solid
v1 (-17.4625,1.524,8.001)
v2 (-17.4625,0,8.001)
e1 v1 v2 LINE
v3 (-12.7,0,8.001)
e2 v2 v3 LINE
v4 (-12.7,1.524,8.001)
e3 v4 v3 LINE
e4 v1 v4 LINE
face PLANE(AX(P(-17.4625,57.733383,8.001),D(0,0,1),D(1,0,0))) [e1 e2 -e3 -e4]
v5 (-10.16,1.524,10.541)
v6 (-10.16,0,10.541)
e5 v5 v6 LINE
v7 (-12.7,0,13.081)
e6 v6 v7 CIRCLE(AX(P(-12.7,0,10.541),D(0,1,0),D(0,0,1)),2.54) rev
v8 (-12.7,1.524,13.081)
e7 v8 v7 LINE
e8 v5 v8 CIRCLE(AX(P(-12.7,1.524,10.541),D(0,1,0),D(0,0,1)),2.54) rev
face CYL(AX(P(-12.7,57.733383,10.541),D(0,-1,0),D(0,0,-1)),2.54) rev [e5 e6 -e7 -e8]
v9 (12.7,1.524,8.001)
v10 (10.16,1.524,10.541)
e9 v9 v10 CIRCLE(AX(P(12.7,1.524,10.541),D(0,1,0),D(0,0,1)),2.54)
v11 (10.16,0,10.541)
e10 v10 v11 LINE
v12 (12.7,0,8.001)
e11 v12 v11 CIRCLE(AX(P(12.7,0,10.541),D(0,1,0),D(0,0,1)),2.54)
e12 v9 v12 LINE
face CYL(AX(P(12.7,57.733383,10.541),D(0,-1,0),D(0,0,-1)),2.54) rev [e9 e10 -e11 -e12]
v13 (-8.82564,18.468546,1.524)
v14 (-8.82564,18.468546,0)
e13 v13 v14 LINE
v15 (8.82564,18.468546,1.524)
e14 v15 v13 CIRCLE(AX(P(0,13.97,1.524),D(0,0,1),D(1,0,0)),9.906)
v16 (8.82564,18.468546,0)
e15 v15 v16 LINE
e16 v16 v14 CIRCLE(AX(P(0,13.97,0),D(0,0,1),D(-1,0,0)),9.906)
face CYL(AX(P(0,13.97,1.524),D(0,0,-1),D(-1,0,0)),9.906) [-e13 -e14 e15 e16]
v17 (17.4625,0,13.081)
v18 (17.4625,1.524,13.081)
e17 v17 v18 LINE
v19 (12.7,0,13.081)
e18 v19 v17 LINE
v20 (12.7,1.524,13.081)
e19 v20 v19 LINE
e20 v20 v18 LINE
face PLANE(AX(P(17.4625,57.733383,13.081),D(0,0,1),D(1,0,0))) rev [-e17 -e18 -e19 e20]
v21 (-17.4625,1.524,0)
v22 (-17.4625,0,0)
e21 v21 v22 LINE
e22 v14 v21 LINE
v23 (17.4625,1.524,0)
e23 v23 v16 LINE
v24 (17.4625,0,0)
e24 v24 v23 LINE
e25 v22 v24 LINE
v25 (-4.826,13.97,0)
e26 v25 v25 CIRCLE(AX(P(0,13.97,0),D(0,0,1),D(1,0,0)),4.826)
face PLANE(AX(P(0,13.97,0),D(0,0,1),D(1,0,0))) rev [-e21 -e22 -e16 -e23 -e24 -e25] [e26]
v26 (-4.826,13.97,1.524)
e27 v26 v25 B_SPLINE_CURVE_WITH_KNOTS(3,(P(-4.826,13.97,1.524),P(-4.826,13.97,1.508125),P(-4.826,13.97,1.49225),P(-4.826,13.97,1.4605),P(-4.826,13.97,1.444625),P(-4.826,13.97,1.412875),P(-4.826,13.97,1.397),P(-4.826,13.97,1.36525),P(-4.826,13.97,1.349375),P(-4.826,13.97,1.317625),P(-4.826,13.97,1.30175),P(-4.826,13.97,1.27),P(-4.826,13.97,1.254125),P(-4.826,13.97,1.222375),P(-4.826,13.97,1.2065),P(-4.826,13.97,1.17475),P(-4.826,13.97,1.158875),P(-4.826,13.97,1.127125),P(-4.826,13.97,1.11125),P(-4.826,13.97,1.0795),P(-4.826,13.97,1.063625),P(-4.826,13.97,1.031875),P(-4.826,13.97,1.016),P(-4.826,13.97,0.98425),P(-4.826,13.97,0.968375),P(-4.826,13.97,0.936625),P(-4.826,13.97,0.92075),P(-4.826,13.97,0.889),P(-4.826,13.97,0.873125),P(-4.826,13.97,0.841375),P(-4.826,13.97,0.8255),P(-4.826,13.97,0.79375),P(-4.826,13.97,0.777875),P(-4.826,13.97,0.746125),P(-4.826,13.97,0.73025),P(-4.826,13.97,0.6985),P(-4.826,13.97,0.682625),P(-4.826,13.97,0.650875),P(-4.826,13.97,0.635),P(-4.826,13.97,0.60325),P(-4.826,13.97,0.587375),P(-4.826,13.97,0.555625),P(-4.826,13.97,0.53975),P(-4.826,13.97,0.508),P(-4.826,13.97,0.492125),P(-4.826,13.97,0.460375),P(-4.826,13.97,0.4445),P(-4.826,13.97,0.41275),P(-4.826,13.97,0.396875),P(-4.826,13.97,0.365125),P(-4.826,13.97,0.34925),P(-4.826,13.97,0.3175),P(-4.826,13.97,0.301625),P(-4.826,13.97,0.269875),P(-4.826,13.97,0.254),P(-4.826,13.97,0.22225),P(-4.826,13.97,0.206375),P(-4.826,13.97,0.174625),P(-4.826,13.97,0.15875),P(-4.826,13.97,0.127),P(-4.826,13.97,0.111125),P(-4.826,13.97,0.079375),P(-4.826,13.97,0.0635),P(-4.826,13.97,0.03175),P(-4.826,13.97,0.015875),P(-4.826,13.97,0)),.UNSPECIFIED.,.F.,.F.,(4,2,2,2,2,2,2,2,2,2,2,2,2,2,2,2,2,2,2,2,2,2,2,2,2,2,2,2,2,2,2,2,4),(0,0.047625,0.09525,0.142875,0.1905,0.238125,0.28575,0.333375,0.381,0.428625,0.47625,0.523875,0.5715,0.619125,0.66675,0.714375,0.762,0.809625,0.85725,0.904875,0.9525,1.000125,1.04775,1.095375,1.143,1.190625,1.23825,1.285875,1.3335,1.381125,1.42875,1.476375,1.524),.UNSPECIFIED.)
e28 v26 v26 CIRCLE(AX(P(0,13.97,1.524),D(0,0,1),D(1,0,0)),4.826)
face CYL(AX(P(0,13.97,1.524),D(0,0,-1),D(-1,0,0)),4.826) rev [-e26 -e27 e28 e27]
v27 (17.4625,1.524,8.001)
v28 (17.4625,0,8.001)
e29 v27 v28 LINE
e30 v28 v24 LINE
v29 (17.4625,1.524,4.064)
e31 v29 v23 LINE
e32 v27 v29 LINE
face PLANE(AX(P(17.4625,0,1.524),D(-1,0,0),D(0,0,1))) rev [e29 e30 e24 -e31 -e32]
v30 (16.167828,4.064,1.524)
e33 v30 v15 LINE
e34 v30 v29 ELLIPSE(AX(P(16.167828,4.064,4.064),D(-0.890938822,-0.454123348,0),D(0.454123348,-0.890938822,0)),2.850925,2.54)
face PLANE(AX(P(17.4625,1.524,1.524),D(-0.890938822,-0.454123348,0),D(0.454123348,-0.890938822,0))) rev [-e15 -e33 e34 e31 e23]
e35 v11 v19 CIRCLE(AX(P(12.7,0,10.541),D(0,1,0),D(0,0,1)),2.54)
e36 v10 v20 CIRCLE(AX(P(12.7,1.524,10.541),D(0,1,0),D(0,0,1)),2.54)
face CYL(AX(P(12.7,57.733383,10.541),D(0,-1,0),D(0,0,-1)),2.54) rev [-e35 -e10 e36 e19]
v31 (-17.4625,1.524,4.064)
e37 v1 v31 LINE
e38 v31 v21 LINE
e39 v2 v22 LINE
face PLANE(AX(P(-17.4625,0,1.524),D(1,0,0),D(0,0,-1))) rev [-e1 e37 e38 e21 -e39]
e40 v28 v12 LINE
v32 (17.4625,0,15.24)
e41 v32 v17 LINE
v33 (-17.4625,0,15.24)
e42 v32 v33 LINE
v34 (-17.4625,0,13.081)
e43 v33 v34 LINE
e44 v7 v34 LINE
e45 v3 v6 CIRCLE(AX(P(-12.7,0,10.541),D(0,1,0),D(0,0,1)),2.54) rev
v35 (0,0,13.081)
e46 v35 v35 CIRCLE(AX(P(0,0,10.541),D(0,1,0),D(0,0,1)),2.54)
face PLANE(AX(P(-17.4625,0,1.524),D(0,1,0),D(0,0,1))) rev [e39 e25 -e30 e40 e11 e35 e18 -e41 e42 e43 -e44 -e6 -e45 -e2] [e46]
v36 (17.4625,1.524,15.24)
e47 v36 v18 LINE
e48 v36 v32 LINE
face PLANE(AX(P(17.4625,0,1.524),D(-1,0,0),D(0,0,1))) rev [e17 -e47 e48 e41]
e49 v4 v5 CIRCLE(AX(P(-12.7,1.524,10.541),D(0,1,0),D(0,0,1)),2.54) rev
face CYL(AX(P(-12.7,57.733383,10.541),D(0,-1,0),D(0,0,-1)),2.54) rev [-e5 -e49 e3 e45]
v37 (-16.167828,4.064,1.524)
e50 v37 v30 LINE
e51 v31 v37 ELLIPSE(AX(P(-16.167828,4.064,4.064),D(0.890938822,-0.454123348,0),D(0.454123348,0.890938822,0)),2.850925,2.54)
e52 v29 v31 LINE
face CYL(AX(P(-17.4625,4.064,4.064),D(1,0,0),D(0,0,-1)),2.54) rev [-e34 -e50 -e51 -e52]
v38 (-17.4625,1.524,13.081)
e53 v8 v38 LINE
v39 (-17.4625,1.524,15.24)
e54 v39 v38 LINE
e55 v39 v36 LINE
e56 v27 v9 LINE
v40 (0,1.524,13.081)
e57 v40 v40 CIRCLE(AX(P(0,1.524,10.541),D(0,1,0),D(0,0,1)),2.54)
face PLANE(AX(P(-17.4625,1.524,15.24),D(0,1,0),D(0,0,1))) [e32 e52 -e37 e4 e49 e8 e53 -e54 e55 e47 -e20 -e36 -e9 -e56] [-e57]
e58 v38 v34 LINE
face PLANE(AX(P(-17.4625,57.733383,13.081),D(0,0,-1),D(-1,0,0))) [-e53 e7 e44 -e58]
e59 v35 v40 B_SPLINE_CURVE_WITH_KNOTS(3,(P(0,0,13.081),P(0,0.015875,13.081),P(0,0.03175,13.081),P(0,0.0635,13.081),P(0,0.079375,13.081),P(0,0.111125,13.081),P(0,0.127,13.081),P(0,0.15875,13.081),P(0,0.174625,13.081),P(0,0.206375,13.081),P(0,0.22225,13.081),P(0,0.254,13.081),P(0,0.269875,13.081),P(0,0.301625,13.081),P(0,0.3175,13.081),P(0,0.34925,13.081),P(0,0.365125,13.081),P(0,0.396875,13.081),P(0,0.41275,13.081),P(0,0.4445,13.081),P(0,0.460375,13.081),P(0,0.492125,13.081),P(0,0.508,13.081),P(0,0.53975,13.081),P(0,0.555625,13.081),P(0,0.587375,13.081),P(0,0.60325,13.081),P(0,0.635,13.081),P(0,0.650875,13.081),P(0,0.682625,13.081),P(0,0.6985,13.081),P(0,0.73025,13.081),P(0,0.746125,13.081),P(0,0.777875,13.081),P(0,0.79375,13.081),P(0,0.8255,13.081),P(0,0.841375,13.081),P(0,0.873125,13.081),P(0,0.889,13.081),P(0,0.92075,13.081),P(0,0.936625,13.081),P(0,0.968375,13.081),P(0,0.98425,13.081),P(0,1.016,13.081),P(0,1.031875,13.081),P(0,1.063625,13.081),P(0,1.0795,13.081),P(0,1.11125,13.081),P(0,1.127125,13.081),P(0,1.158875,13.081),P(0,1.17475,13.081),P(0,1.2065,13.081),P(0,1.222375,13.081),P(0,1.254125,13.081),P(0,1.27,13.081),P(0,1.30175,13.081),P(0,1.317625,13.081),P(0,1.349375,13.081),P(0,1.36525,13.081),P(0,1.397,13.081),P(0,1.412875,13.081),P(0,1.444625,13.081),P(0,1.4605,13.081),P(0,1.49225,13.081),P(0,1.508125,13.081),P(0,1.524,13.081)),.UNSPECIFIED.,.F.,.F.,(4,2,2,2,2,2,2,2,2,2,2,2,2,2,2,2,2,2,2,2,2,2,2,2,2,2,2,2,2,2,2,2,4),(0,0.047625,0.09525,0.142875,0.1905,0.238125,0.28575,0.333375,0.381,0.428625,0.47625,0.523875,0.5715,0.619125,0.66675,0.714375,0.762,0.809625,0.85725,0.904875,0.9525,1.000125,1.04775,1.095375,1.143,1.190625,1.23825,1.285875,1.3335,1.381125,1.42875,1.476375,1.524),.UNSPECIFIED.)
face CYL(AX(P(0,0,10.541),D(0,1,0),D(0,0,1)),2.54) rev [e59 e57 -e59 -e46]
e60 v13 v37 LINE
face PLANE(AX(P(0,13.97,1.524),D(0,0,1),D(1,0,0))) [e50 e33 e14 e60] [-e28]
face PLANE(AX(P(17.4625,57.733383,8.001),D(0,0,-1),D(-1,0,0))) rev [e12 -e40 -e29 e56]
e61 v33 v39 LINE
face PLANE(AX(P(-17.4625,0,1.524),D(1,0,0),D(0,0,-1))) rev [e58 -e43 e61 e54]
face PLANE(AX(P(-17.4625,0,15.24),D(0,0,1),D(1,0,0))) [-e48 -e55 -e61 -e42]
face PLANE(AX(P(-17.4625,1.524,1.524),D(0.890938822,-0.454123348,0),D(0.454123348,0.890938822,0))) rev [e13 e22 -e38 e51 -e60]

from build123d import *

# Parameters (mm, degrees)
SKETCH1_R               = 4.826
EXTRUDE1_DEPTH          = 1.524
SKETCH2_W               = 34.925
SKETCH2_H               = 1.524
EXTRUDE2_DEPTH          = 15.24
SKETCH3_R               = 2.54
CUT_EXTRUDE1_DEPTH      = 33.199509472
CUT_EXTRUDE2_DEPTH      = 33.199509472
CUT_EXTRUDE2_DEPTH_BACK = 33.199509472
FILLET1_R               = 2.54


with BuildPart() as part:
    # Sketch1 → Extrude1 (new body)
    with BuildSketch(Plane.XY):
        with BuildLine():
            Line((-17.4625, 0), (17.4625, 0))
            Line((17.4625, 0), (17.4625, 1.524))
            Line((17.4625, 1.524), (8.825639974, 18.468545882))
            ThreePointArc((8.825639974, 18.468545882), (5.175241081, 22.416639317), (0, 23.876))
            ThreePointArc((0, 23.876), (-5.175241081, 22.416639317), (-8.825639974, 18.468545882))
            Line((-8.825639974, 18.468545882), (-17.4625, 1.524))
            Line((-17.4625, 1.524), (-17.4625, 0))
        make_face()
        with Locations(Location((0, 13.97, 0), (0, 0, 180))):
            Circle(SKETCH1_R, mode=Mode.SUBTRACT)
    extrude(amount=EXTRUDE1_DEPTH)

    # Sketch2 → Extrude2 (add)
    with BuildSketch(Plane(origin=(0, 0, 0), x_dir=(-1, 0, 0), z_dir=(0, 0, -1))):
        with Locations((0, 0.762)):
            Rectangle(SKETCH2_W, SKETCH2_H)
    extrude(amount=-EXTRUDE2_DEPTH)

    # Sketch3 → Cut-Extrude1 (cut, through all)
    with BuildSketch(Plane(origin=(0, 1.524, 0), x_dir=(-1, 0, 0), z_dir=(0, 1, 0))):
        with Locations(Location((0, 10.541, 0), (0, 0, 90))):
            Circle(SKETCH3_R)
    extrude(amount=-CUT_EXTRUDE1_DEPTH, mode=Mode.SUBTRACT)

    # Sketch4 → Cut-Extrude2 (cut, two sides)
    with BuildSketch(Plane(origin=(0, 1.524, 0), x_dir=(-1, 0, 0), z_dir=(0, 1, 0))) as cut_extrude2_sk:
        with BuildLine():
            Line((12.7, 8.001), (17.4625, 8.001))
            Line((17.4625, 8.001), (17.4625, 13.081))
            Line((17.4625, 13.081), (12.7, 13.081))
            ThreePointArc((12.7, 13.081), (10.903948776, 12.337051224), (10.16, 10.541))
            ThreePointArc((10.16, 10.541), (10.903948776, 8.744948776), (12.7, 8.001))
        make_face()
    cut_extrude2 = extrude(amount=CUT_EXTRUDE2_DEPTH, mode=Mode.SUBTRACT)
    cut_extrude2 = cut_extrude2 + extrude(cut_extrude2_sk.sketch, amount=-CUT_EXTRUDE2_DEPTH_BACK, mode=Mode.SUBTRACT)

    # Mirror1: Cut-Extrude2 across plane
    add(cut_extrude2.mirror(Plane(origin=(0, 0, 0), x_dir=(0, 0, 1), z_dir=(1, 0, 0))), mode=Mode.SUBTRACT)

    # Fillet1
    fillet1_edges = [part.edges().sort_by_distance(p)[0] for p in [
        (0, 1.524, 1.524),
    ]]
    fillet(fillet1_edges, radius=FILLET1_R)


solid = part.part
